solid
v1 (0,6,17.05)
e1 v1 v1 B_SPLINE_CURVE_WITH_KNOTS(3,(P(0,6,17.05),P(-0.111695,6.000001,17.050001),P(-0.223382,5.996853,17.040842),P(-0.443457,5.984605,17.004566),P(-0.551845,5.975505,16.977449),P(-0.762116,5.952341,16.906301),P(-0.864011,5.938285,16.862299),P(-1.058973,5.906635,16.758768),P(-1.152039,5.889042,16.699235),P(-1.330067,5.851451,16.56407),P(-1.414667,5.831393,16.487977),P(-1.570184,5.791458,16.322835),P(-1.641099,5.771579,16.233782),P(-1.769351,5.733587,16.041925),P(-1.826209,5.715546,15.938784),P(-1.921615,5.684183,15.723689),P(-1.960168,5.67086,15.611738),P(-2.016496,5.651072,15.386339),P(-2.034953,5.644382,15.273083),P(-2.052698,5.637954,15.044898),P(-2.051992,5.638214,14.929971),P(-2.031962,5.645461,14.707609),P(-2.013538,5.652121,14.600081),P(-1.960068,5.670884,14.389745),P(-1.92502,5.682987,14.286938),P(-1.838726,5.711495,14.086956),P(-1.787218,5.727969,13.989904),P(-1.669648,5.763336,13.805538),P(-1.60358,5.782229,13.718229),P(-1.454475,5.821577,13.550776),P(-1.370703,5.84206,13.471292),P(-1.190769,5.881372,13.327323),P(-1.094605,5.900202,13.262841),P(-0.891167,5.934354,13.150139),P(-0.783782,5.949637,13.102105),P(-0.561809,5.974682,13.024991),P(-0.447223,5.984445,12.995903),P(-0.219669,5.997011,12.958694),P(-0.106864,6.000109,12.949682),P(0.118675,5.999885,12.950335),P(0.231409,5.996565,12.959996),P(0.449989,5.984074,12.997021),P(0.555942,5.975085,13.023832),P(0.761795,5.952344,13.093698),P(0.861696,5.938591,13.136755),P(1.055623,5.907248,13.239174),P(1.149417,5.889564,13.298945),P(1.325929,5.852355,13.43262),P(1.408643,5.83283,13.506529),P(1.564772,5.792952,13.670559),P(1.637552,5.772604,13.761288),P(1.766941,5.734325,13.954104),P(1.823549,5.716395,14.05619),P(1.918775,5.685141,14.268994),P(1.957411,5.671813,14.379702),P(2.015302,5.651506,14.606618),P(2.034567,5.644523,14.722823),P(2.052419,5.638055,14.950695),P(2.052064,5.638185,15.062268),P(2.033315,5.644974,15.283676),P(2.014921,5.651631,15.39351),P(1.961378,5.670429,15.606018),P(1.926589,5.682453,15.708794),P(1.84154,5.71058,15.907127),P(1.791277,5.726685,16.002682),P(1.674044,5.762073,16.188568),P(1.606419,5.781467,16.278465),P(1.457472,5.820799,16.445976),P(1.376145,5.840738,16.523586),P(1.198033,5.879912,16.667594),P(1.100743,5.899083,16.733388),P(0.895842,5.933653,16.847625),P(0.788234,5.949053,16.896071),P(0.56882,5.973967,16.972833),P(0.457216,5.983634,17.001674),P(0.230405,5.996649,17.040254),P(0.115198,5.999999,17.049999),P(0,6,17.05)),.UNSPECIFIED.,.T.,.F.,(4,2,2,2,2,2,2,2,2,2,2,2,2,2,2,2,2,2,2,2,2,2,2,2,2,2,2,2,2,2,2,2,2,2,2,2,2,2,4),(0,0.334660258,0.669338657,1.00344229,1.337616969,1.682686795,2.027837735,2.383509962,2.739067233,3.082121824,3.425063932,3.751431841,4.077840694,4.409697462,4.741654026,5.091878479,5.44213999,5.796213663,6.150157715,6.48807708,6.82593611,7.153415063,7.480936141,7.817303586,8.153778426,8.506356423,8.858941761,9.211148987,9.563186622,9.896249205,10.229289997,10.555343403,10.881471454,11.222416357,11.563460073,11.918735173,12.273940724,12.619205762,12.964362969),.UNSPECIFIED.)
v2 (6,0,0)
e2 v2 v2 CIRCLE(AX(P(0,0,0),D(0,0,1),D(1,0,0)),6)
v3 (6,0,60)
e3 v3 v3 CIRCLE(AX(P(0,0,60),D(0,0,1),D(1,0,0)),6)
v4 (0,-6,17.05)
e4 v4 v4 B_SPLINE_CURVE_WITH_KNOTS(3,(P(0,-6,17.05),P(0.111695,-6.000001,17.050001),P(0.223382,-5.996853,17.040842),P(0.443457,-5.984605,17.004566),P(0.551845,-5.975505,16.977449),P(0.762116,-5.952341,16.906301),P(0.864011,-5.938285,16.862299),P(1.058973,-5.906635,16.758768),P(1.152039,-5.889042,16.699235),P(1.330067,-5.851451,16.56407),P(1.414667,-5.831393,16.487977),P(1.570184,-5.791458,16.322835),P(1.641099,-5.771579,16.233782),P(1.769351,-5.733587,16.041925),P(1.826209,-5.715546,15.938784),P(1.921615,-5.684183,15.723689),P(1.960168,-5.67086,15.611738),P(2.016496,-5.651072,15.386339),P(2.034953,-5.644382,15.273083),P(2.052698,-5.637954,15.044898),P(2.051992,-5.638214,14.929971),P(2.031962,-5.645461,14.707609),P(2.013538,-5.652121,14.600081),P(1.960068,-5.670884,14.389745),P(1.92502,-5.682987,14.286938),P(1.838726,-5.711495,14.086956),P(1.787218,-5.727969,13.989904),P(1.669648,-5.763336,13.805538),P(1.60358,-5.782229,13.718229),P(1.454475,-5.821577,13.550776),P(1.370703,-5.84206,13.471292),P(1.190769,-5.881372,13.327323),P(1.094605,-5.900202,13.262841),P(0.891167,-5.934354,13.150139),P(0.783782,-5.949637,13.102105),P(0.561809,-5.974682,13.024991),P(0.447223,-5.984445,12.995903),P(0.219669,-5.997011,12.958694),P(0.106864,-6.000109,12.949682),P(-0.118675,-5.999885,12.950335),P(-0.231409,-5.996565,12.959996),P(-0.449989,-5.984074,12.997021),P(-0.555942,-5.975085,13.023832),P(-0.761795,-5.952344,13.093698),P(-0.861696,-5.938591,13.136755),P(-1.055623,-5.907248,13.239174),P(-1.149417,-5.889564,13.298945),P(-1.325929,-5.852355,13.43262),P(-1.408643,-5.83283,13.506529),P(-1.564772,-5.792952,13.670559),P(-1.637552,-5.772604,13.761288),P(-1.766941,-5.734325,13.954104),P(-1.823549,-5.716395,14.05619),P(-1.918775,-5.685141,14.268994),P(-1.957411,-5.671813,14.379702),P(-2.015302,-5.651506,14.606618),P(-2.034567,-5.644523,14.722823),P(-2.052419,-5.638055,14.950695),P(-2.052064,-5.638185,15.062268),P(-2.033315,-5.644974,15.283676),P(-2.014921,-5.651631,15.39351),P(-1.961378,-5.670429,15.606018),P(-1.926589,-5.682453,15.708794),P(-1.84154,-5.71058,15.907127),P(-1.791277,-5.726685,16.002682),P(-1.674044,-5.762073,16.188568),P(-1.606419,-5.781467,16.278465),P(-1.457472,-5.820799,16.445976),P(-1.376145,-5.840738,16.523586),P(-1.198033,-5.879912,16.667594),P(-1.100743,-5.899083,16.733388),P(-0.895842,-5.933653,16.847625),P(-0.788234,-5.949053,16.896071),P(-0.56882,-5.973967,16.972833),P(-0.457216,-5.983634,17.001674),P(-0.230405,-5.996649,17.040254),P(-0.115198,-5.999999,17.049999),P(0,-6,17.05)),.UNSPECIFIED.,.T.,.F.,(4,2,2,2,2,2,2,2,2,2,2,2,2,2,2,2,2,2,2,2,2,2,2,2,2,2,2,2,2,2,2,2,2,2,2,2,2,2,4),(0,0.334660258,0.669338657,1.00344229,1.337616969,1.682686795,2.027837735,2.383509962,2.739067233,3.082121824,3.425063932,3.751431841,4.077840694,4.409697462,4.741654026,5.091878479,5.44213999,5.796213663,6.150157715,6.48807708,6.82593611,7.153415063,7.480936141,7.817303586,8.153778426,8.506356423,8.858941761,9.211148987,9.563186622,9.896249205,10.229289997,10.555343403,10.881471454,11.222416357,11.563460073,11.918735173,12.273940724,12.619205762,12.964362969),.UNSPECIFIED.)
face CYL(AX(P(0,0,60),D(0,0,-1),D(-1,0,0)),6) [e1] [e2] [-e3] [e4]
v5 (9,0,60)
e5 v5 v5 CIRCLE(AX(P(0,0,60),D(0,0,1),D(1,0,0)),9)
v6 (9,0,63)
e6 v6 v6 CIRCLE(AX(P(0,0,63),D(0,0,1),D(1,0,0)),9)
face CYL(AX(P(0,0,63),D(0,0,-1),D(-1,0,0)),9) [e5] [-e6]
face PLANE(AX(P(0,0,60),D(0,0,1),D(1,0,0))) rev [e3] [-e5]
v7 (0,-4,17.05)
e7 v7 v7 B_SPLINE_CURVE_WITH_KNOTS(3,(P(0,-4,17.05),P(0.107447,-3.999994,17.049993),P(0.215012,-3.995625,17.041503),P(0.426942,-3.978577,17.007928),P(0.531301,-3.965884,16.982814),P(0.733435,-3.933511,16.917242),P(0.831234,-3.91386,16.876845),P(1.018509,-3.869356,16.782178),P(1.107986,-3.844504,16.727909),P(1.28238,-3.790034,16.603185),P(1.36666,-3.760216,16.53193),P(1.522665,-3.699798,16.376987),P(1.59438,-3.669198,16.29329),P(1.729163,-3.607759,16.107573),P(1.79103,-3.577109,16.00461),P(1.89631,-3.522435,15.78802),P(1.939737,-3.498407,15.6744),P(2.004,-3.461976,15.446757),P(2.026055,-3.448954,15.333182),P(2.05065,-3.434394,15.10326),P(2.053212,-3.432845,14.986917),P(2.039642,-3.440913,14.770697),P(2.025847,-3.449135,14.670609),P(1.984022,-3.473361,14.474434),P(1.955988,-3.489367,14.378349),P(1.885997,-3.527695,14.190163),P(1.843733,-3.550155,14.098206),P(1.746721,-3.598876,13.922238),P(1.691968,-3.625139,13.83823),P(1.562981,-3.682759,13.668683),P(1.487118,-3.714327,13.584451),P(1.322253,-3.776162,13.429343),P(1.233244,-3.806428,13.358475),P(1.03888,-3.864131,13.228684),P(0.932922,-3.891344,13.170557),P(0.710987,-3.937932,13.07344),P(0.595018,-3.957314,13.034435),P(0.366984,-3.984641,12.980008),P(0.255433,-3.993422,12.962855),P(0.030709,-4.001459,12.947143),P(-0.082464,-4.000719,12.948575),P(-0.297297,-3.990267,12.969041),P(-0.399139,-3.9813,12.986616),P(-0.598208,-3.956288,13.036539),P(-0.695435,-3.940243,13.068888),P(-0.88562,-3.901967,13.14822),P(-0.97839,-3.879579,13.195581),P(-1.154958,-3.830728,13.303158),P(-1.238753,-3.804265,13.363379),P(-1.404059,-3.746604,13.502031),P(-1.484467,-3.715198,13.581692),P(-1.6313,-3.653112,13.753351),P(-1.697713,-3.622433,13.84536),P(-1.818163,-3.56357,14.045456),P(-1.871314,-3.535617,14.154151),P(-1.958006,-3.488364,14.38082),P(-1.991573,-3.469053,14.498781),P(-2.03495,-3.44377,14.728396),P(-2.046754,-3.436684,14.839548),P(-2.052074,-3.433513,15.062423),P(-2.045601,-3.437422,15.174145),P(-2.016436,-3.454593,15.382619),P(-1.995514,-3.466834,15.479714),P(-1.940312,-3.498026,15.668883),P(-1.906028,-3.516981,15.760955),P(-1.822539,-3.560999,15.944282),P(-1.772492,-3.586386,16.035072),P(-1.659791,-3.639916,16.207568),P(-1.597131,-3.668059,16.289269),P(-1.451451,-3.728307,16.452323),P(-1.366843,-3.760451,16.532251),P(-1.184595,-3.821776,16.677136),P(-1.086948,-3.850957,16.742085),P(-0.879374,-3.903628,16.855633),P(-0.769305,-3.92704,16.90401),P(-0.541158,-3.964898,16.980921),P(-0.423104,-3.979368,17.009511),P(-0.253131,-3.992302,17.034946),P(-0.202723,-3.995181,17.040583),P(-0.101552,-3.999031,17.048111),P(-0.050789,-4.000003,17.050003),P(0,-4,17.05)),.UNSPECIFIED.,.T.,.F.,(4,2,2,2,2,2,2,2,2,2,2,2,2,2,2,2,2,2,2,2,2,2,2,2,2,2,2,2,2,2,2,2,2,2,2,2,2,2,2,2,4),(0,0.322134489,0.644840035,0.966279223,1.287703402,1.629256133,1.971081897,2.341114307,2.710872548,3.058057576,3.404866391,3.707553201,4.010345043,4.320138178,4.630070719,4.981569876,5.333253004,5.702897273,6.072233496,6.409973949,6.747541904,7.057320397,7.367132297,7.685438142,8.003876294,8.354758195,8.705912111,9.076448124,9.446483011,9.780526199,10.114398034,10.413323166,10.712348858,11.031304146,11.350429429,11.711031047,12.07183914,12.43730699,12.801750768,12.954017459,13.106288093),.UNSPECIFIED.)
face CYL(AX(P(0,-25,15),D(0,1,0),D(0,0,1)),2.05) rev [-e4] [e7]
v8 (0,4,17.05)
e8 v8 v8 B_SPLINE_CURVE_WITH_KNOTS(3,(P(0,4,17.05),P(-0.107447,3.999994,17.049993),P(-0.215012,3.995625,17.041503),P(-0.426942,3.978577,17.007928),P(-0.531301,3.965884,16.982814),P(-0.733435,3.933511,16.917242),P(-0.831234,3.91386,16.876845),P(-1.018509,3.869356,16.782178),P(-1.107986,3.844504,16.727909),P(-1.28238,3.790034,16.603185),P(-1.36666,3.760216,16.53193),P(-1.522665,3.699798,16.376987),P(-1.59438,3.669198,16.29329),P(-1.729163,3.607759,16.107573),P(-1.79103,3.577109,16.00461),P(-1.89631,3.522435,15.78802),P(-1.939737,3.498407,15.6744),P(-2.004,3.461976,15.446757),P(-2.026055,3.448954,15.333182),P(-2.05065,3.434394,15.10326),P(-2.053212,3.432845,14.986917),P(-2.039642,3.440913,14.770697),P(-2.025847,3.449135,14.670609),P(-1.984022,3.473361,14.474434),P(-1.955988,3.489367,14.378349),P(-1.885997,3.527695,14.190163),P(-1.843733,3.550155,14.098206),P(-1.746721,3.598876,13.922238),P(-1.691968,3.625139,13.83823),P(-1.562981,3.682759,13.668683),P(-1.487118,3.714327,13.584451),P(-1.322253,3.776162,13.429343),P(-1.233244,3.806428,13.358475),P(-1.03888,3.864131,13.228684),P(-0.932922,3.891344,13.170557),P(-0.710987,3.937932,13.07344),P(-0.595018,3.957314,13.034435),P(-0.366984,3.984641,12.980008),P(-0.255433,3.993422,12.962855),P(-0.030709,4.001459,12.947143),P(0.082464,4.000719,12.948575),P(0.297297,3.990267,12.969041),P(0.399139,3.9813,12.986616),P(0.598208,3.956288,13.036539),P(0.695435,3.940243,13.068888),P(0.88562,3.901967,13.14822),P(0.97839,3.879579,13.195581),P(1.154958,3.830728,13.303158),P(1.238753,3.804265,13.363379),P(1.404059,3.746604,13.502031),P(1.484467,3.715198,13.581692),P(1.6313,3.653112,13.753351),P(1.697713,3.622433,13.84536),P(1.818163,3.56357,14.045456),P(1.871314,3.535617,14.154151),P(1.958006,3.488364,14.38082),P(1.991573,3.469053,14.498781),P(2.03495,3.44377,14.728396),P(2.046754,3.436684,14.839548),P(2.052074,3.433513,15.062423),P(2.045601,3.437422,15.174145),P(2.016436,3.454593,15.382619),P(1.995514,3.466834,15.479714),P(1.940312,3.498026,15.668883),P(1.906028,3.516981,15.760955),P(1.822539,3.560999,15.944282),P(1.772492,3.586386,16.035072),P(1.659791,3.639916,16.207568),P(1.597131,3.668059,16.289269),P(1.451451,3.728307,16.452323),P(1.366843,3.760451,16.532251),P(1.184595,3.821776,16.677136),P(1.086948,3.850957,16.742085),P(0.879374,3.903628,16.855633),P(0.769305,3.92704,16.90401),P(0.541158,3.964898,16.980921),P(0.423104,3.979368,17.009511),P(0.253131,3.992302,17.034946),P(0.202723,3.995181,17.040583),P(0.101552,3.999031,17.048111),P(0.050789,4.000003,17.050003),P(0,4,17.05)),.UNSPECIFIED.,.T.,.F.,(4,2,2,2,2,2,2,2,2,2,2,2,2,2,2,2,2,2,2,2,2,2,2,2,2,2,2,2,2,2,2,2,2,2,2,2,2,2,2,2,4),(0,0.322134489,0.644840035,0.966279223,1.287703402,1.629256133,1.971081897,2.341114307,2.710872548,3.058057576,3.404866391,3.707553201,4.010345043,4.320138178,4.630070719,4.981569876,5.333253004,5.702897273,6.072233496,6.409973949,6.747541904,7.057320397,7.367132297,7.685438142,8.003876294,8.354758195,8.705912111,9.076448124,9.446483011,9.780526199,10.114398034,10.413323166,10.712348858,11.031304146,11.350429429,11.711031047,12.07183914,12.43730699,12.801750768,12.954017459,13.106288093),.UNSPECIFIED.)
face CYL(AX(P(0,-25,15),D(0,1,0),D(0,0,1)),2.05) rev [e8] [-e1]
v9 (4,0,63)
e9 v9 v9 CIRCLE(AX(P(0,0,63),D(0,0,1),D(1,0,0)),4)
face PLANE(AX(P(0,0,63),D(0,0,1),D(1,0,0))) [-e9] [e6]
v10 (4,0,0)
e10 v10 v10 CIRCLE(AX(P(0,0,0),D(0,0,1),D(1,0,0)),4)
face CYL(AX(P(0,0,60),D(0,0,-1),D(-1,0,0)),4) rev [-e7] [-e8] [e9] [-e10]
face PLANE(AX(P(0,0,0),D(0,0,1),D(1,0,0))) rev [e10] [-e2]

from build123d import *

# Parameters (mm, degrees)
SKETCH_1_R          = 6
SKETCH_1_R_2        = 4
EXTRUDE_1_DEPTH     = 60
SKETCH_2_R          = 9
SKETCH_2_R_2        = 4
EXTRUDE_2_DEPTH     = 3
SKETCH_3_R          = 2.05
CUT_EXTRUDE_1_DEPTH = 25


with BuildPart() as part:
    # 草图1 → 凸台-拉伸1 (new body)
    with BuildSketch(Plane.XY):
        Circle(SKETCH_1_R)
        Circle(SKETCH_1_R_2, mode=Mode.SUBTRACT)
    extrude(amount=EXTRUDE_1_DEPTH)

    # 草图2 → 凸台-拉伸2 (add)
    with BuildSketch(Plane.XY.offset(60)):
        Circle(SKETCH_2_R)
        Circle(SKETCH_2_R_2, mode=Mode.SUBTRACT)
    extrude(amount=EXTRUDE_2_DEPTH)

    # 草图3 → 切除-拉伸1 (cut, symmetric)
    with BuildSketch(Plane(origin=(0, 0, 0), x_dir=(1, 0, 0), z_dir=(0, 1, 0))):
        with Locations(Location((0, -15, 0), (0, 0, 270))):
            Circle(SKETCH_3_R)
    extrude(amount=CUT_EXTRUDE_1_DEPTH, both=True, mode=Mode.SUBTRACT)


solid = part.part
